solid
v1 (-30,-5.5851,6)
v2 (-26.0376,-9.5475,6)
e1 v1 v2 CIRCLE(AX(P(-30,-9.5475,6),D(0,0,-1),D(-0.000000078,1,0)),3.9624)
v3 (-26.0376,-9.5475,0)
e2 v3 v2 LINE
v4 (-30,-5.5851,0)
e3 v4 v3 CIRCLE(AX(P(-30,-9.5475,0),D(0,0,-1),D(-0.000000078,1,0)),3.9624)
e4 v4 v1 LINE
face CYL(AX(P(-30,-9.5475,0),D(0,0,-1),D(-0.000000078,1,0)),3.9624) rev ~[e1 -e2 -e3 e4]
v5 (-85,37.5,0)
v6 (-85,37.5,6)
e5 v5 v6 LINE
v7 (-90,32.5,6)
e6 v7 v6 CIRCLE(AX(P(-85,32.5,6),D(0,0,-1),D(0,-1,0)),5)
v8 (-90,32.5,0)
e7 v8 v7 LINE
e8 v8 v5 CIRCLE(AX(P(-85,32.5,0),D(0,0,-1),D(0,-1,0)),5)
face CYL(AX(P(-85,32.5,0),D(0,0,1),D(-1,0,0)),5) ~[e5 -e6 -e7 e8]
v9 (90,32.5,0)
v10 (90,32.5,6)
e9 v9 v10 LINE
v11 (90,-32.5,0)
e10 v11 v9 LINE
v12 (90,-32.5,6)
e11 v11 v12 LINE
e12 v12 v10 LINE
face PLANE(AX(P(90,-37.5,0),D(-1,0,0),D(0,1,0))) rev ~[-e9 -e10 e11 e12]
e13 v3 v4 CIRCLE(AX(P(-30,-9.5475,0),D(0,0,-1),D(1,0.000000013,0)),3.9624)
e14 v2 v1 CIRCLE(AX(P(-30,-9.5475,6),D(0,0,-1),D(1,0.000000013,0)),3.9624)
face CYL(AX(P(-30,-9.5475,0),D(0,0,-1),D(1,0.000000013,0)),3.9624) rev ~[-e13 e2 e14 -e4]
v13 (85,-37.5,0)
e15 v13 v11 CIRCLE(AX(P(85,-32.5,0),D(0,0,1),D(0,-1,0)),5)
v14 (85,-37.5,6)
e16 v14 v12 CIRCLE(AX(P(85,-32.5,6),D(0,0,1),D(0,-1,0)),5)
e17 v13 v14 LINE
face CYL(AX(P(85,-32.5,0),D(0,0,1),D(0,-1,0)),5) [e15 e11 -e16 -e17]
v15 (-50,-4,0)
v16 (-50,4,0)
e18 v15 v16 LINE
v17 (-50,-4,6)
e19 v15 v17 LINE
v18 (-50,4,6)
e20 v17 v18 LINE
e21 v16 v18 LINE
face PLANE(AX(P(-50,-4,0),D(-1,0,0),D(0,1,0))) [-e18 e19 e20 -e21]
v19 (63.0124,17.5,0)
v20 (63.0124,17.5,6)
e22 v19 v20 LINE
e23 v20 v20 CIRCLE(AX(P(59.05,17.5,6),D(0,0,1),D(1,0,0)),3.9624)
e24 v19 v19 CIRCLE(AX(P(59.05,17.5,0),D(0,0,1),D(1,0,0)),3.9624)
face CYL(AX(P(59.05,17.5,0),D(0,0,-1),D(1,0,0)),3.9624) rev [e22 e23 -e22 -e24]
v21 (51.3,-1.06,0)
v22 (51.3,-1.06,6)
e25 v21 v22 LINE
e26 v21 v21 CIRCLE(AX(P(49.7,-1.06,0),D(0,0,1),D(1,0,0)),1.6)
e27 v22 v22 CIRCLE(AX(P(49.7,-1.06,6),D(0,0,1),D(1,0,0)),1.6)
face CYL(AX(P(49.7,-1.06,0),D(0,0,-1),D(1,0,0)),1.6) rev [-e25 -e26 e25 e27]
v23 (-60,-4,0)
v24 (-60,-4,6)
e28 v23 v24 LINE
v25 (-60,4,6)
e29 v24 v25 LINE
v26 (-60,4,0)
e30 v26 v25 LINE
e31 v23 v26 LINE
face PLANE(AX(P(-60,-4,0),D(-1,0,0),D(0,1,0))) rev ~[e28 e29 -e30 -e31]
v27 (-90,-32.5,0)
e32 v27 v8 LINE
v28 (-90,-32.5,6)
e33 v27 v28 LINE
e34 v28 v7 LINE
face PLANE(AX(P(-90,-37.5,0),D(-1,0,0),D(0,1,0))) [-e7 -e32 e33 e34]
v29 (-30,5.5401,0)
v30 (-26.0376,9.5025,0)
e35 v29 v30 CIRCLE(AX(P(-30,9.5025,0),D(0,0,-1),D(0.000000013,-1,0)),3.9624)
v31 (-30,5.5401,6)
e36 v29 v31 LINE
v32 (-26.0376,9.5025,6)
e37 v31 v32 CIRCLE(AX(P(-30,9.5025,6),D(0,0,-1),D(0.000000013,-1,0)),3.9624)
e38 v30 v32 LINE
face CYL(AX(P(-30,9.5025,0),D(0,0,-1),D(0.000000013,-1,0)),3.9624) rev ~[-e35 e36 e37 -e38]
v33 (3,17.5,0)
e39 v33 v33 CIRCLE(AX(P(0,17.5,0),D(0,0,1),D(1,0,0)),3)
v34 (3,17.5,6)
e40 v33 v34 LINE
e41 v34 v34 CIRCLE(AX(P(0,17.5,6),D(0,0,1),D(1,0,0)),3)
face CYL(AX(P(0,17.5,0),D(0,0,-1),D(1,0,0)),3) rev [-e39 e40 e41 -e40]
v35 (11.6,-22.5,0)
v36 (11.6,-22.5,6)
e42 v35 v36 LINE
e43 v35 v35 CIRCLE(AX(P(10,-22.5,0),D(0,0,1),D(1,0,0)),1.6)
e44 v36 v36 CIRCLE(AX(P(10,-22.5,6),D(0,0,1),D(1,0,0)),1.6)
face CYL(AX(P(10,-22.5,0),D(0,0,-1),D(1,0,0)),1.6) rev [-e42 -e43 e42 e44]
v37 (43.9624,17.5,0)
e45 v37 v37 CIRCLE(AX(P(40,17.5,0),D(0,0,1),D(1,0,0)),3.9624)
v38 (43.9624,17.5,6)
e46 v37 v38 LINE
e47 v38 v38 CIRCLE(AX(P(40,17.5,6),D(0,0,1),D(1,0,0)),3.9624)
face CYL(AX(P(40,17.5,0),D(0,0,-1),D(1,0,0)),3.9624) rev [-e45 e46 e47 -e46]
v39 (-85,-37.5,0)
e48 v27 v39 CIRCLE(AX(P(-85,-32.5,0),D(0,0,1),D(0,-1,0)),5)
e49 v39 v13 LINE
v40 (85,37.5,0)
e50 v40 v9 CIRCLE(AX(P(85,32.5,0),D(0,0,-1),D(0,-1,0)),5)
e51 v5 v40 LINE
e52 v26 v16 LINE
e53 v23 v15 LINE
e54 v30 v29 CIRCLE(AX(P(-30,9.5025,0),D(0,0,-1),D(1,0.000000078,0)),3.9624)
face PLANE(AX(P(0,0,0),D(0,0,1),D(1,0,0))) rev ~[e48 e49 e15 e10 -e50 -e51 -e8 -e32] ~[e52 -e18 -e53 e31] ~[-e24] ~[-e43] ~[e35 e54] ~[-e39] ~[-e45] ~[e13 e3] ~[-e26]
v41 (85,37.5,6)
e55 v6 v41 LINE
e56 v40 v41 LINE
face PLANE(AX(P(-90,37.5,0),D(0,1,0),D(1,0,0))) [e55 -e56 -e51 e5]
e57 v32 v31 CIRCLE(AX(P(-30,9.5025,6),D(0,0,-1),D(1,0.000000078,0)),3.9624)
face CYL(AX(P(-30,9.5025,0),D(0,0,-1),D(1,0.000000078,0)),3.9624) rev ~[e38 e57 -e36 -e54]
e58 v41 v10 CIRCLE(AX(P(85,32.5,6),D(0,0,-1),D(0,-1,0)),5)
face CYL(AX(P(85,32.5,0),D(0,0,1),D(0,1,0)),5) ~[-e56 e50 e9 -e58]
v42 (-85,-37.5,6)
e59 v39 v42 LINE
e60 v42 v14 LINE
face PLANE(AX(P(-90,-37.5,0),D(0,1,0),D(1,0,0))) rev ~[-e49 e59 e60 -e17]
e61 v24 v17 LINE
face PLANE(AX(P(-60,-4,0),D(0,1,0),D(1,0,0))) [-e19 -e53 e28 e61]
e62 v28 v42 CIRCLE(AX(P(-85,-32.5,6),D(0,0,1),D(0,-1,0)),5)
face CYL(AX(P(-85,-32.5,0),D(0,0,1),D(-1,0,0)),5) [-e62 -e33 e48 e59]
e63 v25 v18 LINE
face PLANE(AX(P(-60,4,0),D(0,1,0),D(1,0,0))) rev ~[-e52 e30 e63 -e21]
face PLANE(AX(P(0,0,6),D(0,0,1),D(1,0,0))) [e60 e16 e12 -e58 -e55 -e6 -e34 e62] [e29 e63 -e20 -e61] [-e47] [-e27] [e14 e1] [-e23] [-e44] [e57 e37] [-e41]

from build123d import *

# Parameters (mm, degrees)
F0_W     = 180
F0_H     = 75
F0_R     = 1.6
F0_W_2   = 10
F0_H_2   = 8
F0_R_2   = 3
F0_R_3   = 3.9624
F1_DEPTH = 6
F2_R     = 5


with BuildPart() as f1:
    # F0 (on Top) → F1 (new body)
    with BuildSketch(Plane.XY):
        Rectangle(F0_W, F0_H)
        with BuildLine():
            ThreePointArc((-26.0376, -9.5475), (-32.80184, -12.34934), (-30, -5.5851))
            ThreePointArc((-30, -5.5851), (-27.19816, -6.74566), (-26.0376, -9.5475))
        make_face(mode=Mode.SUBTRACT)
        with Locations((10, -22.5)):
            Circle(F0_R, mode=Mode.SUBTRACT)
        with Locations((49.7, -1.06)):
            Circle(F0_R, mode=Mode.SUBTRACT)
        with Locations((-55, 0)):
            Rectangle(F0_W_2, F0_H_2, mode=Mode.SUBTRACT)
        with BuildLine():
            ThreePointArc((-30, 5.5401), (-32.80184, 12.30434), (-26.0376, 9.5025))
            ThreePointArc((-26.0376, 9.5025), (-27.19816, 6.70066), (-30, 5.5401))
        make_face(mode=Mode.SUBTRACT)
        with Locations((0, 17.5)):
            Circle(F0_R_2, mode=Mode.SUBTRACT)
        with Locations((40, 17.5)):
            Circle(F0_R_3, mode=Mode.SUBTRACT)
        with Locations((59.05, 17.5)):
            Circle(F0_R_3, mode=Mode.SUBTRACT)
    extrude(amount=F1_DEPTH)

    # F2
    f2_edges = [f1.edges().sort_by_distance(p)[0] for p in [
        (-90, 37.5, 3),
        (90, 37.5, 3),
        (90, -37.5, 3),
        (-90, -37.5, 3),
    ]]
    fillet(f2_edges, radius=F2_R)


solid = f1.part
